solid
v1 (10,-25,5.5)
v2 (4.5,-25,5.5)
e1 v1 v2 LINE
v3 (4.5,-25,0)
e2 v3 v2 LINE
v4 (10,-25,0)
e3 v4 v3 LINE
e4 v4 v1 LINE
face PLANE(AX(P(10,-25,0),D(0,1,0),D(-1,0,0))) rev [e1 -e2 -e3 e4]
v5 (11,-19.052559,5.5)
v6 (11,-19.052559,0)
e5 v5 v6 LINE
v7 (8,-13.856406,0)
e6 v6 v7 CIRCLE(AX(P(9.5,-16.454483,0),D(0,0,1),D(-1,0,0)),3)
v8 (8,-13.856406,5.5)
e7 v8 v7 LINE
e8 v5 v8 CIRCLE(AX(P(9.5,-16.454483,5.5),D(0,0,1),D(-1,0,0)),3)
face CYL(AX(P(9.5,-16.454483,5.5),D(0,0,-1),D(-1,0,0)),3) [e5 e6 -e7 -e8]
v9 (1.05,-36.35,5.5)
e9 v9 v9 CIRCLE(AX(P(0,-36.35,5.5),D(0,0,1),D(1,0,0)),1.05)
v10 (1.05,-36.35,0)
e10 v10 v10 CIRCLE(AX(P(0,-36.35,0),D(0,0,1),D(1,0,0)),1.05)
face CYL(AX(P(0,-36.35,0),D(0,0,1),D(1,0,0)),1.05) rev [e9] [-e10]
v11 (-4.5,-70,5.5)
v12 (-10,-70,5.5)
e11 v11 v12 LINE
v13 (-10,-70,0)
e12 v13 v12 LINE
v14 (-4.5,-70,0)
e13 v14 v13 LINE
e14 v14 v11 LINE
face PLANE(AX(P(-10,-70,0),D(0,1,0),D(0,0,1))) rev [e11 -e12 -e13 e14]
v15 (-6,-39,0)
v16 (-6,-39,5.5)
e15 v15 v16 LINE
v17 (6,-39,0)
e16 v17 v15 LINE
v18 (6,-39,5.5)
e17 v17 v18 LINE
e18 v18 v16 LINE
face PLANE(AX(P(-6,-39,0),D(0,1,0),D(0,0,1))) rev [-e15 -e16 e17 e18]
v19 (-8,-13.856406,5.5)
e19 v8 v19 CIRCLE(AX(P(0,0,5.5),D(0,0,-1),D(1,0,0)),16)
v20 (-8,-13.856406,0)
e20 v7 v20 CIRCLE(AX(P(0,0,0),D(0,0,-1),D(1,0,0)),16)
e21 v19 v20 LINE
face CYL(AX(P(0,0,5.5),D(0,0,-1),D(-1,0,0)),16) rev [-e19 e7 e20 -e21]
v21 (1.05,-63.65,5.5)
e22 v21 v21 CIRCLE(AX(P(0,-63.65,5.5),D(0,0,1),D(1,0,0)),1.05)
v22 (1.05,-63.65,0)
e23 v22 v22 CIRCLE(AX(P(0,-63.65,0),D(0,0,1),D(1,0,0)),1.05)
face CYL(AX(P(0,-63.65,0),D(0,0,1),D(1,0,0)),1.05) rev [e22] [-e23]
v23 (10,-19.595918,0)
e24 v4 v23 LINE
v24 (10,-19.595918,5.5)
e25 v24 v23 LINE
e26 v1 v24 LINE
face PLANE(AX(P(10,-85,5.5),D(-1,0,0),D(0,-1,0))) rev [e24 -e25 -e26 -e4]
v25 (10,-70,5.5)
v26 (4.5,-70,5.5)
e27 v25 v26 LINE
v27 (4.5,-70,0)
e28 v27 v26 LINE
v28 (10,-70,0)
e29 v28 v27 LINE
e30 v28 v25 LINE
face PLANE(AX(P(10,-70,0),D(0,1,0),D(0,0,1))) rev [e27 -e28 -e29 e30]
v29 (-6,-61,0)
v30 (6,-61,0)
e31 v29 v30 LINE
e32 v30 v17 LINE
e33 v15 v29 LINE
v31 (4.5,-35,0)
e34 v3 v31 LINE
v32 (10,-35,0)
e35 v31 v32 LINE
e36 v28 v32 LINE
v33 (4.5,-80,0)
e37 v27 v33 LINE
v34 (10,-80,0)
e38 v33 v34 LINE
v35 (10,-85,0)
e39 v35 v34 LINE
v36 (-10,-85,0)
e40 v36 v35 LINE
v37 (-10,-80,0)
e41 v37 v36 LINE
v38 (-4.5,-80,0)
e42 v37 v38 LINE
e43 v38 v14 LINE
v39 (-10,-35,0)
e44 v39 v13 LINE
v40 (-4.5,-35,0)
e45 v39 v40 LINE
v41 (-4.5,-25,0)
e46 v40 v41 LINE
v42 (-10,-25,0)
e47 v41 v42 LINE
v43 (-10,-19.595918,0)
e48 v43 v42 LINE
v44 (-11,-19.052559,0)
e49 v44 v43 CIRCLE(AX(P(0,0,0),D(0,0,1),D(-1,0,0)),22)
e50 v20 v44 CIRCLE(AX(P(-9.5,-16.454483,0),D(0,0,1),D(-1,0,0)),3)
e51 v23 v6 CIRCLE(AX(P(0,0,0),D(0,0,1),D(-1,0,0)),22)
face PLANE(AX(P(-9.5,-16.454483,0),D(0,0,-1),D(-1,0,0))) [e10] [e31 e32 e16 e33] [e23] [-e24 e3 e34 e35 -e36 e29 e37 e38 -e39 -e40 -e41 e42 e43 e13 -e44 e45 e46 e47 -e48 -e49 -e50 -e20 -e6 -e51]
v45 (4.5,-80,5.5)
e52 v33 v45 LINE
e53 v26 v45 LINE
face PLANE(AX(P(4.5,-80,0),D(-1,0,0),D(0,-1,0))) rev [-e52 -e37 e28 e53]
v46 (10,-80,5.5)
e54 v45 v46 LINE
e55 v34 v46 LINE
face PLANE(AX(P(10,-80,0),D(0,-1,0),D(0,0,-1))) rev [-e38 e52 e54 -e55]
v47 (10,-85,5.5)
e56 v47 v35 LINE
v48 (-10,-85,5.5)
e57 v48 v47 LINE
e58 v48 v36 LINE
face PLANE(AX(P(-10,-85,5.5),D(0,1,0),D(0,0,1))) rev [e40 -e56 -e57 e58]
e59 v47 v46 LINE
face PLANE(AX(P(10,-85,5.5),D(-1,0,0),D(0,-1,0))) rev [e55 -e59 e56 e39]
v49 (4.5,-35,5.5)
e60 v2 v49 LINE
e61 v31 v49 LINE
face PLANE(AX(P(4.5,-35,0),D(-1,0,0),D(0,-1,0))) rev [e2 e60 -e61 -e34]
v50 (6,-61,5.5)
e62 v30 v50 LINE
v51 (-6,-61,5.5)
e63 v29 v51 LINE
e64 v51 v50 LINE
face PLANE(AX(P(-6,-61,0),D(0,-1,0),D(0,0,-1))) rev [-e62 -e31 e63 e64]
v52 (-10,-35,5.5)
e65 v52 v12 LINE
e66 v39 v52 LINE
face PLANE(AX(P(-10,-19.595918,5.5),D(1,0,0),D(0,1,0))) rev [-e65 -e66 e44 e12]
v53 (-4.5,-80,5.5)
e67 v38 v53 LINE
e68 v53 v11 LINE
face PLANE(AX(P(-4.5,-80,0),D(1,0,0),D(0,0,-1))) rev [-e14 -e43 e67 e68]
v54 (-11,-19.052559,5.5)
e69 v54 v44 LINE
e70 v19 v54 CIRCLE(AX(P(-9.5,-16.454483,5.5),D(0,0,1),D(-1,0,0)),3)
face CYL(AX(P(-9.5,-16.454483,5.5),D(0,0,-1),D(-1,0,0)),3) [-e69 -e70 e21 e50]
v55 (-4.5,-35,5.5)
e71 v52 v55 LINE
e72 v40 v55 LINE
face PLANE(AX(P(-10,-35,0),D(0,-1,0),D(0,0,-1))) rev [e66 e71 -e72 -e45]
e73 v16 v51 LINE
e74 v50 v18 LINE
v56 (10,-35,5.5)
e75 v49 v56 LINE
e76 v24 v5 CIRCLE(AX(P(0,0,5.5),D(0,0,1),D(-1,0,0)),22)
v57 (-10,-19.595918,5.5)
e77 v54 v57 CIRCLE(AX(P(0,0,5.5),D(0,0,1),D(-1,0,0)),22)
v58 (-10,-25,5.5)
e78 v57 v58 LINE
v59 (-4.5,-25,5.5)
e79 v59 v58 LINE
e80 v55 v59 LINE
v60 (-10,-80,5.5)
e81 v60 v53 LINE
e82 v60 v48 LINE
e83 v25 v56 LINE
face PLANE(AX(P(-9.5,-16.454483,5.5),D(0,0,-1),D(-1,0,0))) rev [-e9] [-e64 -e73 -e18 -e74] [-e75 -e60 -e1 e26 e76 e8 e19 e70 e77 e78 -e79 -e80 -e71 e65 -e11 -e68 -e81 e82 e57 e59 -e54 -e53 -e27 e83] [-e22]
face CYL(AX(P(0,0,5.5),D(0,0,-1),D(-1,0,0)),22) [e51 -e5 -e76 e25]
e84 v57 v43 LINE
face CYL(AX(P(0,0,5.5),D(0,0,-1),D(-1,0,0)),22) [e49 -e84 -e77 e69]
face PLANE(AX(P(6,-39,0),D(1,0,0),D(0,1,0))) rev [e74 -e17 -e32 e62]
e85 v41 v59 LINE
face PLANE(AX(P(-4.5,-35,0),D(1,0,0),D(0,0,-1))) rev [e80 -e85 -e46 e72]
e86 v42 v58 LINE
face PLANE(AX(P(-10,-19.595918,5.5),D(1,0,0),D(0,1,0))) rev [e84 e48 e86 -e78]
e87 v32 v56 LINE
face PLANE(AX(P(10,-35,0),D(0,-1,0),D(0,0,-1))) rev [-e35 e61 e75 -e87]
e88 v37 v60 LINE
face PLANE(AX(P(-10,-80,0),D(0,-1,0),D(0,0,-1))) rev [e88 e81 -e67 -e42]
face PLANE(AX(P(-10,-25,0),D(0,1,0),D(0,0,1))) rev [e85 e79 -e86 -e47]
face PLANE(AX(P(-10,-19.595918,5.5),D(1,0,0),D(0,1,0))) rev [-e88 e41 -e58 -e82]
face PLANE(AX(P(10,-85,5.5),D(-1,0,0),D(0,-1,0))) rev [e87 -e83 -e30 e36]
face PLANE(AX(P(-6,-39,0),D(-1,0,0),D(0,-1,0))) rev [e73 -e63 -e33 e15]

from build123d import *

# Parameters (mm, degrees)
EXTRUDE_1_DEPTH     = 5.5
SKETCH_3_R          = 1.05
SKETCH_3_W          = 12
SKETCH_3_H          = 22
CUT_EXTRUDE_2_DEPTH = 87.090069114
SKETCH_2_W          = 5.5
SKETCH_2_H          = 10
CUT_EXTRUDE_3_DEPTH = 87.090069114


with BuildPart() as part:
    # ｽｹｯﾁ1 → ﾎﾞｽ - 押し出し1 (new body)
    with BuildSketch(Plane.XY):
        with BuildLine():
            Line((-10, -19.595917942), (-10, -85))
            Line((-10, -85), (10, -85))
            Line((10, -85), (10, -19.595917942))
            ThreePointArc((10, -19.595917942), (10.503514163, -19.330705891), (11, -19.052558883))
            ThreePointArc((11, -19.052558883), (12.098076211, -14.954482672), (8, -13.856406461))
            ThreePointArc((8, -13.856406461), (0, -16), (-8, -13.856406461))
            ThreePointArc((-8, -13.856406461), (-12.098076211, -14.954482672), (-11, -19.052558883))
            ThreePointArc((-11, -19.052558883), (-10.503514163, -19.330705891), (-10, -19.595917942))
        make_face()
    extrude(amount=EXTRUDE_1_DEPTH)

    # ｽｹｯﾁ3 → ｶｯﾄ - 押し出し2 (cut, through all)
    with BuildSketch(Plane.XY.offset(5.5)):
        with Locations((0, -36.35)):
            Circle(SKETCH_3_R)
        with Locations((0, -63.65)):
            Circle(SKETCH_3_R)
        with Locations((0, -50)):
            Rectangle(SKETCH_3_W, SKETCH_3_H)
    extrude(amount=-CUT_EXTRUDE_2_DEPTH, mode=Mode.SUBTRACT)

    # ｽｹｯﾁ2 → ｶｯﾄ - 押し出し3 (cut, through all)
    with BuildSketch(Plane.XY.offset(5.5)):
        with Locations((-7.25, -75)):
            Rectangle(SKETCH_2_W, SKETCH_2_H)
        with Locations((-7.25, -30)):
            Rectangle(SKETCH_2_W, SKETCH_2_H)
        with Locations((7.25, -75)):
            Rectangle(SKETCH_2_W, SKETCH_2_H)
        with Locations((7.25, -30)):
            Rectangle(SKETCH_2_W, SKETCH_2_H)
    extrude(amount=-CUT_EXTRUDE_3_DEPTH, mode=Mode.SUBTRACT)


solid = part.part
